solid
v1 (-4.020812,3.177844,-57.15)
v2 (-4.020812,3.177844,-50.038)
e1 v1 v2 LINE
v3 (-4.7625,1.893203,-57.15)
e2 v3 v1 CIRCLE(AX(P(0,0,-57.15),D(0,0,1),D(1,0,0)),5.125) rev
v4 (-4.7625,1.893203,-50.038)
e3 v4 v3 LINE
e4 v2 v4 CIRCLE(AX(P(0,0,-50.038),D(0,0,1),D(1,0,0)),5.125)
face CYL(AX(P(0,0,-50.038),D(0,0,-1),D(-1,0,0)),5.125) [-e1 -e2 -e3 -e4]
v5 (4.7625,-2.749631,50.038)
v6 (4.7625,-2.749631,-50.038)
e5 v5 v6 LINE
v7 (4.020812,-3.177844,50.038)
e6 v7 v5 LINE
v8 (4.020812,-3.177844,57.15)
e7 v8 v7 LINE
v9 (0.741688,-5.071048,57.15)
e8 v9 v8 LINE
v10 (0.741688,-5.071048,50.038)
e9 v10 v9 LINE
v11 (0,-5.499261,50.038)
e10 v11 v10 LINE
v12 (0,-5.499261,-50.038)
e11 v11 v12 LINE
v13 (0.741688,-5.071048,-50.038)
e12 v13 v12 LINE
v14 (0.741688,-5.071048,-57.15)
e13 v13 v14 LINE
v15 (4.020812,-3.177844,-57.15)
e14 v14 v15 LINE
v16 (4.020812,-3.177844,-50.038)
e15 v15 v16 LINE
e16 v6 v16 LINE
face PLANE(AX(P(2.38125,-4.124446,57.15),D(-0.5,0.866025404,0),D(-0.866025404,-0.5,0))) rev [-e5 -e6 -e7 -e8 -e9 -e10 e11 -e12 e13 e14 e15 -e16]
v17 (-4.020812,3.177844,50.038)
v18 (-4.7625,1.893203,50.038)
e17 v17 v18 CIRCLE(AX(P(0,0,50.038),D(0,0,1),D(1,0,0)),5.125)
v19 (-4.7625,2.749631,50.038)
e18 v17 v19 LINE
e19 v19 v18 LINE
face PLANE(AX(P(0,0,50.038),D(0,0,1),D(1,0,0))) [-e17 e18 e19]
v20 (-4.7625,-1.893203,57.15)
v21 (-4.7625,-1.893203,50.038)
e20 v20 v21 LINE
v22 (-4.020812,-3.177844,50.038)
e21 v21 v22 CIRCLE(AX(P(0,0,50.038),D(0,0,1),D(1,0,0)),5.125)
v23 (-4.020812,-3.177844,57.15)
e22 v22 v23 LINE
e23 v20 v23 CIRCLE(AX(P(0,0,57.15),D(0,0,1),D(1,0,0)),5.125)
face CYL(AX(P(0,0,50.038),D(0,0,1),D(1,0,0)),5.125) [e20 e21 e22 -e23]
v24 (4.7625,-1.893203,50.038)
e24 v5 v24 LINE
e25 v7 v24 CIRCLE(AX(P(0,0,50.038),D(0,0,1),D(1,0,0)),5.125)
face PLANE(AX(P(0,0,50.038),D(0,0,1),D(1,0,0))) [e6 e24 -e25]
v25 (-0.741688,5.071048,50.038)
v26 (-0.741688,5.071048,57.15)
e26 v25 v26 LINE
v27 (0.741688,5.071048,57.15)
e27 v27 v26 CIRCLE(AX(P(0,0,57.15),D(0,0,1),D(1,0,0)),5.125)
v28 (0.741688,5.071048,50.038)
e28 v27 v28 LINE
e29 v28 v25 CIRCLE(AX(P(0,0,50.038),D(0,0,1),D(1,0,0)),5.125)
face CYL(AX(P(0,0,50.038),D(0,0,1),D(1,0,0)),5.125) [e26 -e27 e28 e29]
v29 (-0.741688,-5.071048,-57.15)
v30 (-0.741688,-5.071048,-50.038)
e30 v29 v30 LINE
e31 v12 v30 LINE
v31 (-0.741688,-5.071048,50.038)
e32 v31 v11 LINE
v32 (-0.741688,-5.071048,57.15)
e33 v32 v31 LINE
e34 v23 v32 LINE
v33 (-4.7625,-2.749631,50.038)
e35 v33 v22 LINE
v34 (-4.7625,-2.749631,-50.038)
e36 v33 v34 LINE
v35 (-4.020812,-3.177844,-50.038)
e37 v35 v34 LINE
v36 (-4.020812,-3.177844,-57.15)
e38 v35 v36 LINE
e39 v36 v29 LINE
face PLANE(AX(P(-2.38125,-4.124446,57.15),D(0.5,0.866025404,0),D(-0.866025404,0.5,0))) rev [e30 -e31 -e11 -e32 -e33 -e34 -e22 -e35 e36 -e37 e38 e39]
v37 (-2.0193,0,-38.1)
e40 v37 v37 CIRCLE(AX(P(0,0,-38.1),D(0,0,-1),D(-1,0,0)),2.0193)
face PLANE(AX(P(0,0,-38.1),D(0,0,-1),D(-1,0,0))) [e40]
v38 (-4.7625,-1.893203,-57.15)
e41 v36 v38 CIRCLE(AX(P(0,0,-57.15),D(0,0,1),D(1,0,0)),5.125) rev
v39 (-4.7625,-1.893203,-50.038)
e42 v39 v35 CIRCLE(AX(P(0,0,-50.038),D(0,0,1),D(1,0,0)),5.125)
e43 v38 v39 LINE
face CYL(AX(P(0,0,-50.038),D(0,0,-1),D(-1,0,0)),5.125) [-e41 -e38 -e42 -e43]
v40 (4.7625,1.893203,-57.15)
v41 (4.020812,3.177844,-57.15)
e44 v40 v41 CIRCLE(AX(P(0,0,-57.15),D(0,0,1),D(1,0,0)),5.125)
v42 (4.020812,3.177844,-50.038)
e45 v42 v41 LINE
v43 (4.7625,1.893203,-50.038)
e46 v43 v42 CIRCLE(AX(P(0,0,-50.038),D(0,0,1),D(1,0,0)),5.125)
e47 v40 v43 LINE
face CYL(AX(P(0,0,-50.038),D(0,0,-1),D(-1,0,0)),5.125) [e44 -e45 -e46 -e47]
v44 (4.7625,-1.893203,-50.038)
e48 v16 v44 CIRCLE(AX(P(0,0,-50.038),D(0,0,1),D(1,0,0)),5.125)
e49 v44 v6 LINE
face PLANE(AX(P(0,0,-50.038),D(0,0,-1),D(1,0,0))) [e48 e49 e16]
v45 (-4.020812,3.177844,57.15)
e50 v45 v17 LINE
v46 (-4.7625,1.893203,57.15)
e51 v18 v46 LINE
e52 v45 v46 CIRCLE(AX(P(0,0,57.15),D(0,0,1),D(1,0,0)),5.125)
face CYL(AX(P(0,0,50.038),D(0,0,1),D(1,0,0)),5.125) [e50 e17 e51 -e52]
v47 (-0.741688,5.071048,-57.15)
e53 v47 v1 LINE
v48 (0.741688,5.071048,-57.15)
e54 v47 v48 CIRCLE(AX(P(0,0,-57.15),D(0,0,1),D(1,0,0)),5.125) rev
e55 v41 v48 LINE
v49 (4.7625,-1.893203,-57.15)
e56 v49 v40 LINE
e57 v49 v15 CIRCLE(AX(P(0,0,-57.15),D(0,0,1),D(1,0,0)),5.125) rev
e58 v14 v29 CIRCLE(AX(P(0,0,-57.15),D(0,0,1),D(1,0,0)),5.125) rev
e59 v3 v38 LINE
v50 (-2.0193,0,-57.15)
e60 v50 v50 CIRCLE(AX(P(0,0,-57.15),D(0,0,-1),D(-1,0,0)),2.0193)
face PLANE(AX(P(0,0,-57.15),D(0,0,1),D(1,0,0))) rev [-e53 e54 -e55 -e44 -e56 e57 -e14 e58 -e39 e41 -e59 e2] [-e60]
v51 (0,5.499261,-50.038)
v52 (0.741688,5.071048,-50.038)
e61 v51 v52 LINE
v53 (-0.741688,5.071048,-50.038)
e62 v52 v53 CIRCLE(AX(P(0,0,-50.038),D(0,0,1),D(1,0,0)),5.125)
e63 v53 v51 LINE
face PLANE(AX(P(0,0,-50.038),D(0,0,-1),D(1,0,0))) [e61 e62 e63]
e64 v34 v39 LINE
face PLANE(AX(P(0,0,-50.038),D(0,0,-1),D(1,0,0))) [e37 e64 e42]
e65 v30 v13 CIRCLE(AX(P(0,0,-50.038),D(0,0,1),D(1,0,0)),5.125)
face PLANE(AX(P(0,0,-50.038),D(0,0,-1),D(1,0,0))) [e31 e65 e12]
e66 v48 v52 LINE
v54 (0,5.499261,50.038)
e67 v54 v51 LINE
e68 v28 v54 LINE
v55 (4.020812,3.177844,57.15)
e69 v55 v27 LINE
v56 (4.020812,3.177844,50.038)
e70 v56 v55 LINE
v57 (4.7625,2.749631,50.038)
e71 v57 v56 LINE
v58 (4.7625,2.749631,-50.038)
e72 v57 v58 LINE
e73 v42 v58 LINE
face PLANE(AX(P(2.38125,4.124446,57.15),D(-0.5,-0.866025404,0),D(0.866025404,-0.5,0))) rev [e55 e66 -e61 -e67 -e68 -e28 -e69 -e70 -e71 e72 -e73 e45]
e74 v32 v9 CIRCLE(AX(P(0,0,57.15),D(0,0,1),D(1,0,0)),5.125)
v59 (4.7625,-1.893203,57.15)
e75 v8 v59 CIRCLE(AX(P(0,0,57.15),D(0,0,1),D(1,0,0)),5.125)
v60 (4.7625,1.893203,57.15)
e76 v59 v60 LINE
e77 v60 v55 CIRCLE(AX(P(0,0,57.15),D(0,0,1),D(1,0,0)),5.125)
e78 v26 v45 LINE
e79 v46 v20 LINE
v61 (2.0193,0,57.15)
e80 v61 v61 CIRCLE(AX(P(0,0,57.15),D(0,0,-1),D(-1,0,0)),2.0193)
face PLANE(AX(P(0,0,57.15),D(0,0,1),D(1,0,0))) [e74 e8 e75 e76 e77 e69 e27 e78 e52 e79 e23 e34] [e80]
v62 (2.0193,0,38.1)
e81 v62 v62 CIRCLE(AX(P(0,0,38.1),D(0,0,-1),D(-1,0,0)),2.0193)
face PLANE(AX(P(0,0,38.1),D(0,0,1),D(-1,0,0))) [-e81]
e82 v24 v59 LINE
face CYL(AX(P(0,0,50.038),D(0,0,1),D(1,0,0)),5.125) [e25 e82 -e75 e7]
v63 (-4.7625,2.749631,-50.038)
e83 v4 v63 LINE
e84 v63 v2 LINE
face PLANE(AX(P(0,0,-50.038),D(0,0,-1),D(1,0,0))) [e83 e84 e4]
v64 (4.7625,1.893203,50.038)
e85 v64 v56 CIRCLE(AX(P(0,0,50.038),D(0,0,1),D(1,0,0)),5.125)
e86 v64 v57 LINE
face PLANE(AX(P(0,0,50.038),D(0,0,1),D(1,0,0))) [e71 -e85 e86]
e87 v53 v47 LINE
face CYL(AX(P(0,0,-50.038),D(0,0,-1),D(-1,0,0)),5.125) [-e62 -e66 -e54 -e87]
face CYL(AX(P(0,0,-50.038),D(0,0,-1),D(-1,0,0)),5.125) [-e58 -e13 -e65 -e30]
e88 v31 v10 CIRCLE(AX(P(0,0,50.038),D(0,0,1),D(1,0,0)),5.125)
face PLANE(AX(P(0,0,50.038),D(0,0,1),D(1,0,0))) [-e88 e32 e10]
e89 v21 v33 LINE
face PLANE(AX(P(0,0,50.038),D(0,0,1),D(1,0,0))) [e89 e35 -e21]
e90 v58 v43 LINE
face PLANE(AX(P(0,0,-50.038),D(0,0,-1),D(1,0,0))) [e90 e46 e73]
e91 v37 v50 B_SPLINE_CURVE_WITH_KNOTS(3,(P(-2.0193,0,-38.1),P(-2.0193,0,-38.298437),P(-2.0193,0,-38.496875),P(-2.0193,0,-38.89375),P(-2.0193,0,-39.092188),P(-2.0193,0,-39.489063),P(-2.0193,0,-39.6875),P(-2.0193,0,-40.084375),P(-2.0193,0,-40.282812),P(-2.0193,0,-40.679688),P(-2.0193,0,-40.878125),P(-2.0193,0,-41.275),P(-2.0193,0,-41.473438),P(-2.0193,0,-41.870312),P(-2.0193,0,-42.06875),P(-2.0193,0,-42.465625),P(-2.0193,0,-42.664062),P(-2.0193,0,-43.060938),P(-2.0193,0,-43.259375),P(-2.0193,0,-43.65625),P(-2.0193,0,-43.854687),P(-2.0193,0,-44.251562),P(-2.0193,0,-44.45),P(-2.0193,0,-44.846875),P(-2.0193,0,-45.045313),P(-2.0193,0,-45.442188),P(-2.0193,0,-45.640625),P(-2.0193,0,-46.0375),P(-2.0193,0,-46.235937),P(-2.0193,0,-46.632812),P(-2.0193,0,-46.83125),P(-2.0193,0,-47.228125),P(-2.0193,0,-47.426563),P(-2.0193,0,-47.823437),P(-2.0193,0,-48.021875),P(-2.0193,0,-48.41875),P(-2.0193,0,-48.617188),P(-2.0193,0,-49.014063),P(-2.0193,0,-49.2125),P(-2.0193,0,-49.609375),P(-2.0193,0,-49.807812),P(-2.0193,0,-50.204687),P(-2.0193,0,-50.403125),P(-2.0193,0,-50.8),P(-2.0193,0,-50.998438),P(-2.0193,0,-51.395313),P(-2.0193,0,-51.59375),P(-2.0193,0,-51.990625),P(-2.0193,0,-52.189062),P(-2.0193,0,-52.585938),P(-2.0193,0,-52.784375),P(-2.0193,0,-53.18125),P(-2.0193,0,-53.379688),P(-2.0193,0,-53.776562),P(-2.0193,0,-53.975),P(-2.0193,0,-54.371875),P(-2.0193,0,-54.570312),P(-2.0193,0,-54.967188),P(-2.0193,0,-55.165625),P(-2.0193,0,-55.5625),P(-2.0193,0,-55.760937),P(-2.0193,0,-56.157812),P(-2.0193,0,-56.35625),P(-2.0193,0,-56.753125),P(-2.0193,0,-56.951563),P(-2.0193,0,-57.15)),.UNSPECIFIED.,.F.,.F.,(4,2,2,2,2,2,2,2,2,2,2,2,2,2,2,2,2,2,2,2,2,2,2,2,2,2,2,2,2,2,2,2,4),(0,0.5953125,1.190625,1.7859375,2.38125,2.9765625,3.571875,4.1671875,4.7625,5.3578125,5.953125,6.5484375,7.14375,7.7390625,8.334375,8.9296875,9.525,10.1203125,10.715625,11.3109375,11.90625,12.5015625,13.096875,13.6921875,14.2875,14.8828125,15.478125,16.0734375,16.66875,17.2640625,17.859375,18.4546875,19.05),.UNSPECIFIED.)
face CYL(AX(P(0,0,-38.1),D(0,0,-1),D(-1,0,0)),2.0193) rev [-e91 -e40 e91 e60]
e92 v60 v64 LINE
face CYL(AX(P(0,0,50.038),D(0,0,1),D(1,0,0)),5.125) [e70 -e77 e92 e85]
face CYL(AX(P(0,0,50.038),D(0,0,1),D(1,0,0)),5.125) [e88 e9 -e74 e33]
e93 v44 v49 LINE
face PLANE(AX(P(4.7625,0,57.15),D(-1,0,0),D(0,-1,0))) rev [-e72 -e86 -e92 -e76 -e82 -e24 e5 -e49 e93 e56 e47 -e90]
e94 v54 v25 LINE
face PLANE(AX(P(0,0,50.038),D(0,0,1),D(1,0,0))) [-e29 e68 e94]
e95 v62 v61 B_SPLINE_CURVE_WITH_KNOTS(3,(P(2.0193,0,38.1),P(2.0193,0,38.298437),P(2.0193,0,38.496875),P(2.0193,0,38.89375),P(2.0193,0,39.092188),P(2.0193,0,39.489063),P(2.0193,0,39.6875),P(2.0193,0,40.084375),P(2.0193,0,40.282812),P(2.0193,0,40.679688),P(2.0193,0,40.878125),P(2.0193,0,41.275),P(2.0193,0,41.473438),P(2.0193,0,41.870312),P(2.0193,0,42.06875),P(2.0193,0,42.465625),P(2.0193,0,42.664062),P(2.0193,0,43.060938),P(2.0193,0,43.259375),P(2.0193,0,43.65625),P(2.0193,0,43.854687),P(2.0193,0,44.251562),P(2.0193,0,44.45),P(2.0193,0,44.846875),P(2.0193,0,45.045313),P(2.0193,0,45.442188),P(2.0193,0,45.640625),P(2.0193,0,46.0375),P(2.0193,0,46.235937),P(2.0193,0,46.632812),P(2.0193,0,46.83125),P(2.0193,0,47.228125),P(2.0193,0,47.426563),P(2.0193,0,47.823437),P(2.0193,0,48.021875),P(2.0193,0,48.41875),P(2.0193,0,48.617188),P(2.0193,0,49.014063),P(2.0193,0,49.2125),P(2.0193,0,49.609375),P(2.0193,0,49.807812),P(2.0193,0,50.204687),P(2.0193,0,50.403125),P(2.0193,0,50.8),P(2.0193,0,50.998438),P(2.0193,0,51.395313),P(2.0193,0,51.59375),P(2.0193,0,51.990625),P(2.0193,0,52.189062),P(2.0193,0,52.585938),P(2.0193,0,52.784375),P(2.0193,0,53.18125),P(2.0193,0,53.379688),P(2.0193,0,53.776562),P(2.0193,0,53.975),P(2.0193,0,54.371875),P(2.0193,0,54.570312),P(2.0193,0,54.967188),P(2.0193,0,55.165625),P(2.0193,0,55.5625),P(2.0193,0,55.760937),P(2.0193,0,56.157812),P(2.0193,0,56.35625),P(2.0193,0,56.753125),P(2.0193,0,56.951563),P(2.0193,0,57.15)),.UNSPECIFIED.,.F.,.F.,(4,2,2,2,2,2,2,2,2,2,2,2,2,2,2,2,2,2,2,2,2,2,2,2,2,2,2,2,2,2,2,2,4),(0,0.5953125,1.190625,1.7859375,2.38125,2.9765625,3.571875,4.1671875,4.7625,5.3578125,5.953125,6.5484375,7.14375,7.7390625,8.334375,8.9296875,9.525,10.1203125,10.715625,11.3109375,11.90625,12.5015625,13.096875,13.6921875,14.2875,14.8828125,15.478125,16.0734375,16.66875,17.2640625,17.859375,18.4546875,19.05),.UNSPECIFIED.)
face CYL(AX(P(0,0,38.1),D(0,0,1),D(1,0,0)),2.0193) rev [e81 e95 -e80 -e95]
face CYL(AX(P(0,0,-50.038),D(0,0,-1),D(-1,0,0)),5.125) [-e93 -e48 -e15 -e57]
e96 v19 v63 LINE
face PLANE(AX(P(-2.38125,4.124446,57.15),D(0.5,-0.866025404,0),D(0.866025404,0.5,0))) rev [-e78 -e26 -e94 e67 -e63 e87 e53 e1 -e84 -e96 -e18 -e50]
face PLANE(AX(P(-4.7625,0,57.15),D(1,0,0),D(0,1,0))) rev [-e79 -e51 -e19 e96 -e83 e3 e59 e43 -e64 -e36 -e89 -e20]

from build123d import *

# Parameters (mm, degrees)
BOSS_EXTRUDE1_DEPTH = 57.15
SKETCH2_R           = 2.0193
CUT_EXTRUDE1_DEPTH  = 19.05
SKETCH4_R           = 7.057360916
SKETCH4_R_2         = 5.125
CUT_EXTRUDE2_DEPTH  = 7.112


with BuildPart() as part:
    # Sketch1 → Boss-Extrude1 (new, symmetric)
    with BuildSketch(Plane.XY):
        Polygon((4.7625, 2.749630657), (0, 5.499261314), (-4.7625, 2.749630657), (-4.7625, -2.749630657), (0, -5.499261314), (4.7625, -2.749630657), align=None)
    extrude(amount=BOSS_EXTRUDE1_DEPTH, both=True)

    # Sketch2 → Cut-Extrude1 (cut)
    with BuildSketch(Plane(origin=(0, 0, -57.15), x_dir=(-1, 0, 0), z_dir=(0, 0, -1))):
        Circle(SKETCH2_R)
    cut_extrude1 = extrude(amount=-CUT_EXTRUDE1_DEPTH, mode=Mode.SUBTRACT)

    # Mirror1: Cut-Extrude1 across plane
    add(cut_extrude1.mirror(Plane.XY), mode=Mode.SUBTRACT)

    # Sketch4 → Cut-Extrude2 (cut)
    with BuildSketch(Plane.XY.offset(57.15)):
        Circle(SKETCH4_R)
        Circle(SKETCH4_R_2, mode=Mode.SUBTRACT)
    cut_extrude2 = extrude(amount=-CUT_EXTRUDE2_DEPTH, mode=Mode.SUBTRACT)

    # Mirror2: Cut-Extrude2 across plane
    add(cut_extrude2.mirror(Plane.XY), mode=Mode.SUBTRACT)


solid = part.part
